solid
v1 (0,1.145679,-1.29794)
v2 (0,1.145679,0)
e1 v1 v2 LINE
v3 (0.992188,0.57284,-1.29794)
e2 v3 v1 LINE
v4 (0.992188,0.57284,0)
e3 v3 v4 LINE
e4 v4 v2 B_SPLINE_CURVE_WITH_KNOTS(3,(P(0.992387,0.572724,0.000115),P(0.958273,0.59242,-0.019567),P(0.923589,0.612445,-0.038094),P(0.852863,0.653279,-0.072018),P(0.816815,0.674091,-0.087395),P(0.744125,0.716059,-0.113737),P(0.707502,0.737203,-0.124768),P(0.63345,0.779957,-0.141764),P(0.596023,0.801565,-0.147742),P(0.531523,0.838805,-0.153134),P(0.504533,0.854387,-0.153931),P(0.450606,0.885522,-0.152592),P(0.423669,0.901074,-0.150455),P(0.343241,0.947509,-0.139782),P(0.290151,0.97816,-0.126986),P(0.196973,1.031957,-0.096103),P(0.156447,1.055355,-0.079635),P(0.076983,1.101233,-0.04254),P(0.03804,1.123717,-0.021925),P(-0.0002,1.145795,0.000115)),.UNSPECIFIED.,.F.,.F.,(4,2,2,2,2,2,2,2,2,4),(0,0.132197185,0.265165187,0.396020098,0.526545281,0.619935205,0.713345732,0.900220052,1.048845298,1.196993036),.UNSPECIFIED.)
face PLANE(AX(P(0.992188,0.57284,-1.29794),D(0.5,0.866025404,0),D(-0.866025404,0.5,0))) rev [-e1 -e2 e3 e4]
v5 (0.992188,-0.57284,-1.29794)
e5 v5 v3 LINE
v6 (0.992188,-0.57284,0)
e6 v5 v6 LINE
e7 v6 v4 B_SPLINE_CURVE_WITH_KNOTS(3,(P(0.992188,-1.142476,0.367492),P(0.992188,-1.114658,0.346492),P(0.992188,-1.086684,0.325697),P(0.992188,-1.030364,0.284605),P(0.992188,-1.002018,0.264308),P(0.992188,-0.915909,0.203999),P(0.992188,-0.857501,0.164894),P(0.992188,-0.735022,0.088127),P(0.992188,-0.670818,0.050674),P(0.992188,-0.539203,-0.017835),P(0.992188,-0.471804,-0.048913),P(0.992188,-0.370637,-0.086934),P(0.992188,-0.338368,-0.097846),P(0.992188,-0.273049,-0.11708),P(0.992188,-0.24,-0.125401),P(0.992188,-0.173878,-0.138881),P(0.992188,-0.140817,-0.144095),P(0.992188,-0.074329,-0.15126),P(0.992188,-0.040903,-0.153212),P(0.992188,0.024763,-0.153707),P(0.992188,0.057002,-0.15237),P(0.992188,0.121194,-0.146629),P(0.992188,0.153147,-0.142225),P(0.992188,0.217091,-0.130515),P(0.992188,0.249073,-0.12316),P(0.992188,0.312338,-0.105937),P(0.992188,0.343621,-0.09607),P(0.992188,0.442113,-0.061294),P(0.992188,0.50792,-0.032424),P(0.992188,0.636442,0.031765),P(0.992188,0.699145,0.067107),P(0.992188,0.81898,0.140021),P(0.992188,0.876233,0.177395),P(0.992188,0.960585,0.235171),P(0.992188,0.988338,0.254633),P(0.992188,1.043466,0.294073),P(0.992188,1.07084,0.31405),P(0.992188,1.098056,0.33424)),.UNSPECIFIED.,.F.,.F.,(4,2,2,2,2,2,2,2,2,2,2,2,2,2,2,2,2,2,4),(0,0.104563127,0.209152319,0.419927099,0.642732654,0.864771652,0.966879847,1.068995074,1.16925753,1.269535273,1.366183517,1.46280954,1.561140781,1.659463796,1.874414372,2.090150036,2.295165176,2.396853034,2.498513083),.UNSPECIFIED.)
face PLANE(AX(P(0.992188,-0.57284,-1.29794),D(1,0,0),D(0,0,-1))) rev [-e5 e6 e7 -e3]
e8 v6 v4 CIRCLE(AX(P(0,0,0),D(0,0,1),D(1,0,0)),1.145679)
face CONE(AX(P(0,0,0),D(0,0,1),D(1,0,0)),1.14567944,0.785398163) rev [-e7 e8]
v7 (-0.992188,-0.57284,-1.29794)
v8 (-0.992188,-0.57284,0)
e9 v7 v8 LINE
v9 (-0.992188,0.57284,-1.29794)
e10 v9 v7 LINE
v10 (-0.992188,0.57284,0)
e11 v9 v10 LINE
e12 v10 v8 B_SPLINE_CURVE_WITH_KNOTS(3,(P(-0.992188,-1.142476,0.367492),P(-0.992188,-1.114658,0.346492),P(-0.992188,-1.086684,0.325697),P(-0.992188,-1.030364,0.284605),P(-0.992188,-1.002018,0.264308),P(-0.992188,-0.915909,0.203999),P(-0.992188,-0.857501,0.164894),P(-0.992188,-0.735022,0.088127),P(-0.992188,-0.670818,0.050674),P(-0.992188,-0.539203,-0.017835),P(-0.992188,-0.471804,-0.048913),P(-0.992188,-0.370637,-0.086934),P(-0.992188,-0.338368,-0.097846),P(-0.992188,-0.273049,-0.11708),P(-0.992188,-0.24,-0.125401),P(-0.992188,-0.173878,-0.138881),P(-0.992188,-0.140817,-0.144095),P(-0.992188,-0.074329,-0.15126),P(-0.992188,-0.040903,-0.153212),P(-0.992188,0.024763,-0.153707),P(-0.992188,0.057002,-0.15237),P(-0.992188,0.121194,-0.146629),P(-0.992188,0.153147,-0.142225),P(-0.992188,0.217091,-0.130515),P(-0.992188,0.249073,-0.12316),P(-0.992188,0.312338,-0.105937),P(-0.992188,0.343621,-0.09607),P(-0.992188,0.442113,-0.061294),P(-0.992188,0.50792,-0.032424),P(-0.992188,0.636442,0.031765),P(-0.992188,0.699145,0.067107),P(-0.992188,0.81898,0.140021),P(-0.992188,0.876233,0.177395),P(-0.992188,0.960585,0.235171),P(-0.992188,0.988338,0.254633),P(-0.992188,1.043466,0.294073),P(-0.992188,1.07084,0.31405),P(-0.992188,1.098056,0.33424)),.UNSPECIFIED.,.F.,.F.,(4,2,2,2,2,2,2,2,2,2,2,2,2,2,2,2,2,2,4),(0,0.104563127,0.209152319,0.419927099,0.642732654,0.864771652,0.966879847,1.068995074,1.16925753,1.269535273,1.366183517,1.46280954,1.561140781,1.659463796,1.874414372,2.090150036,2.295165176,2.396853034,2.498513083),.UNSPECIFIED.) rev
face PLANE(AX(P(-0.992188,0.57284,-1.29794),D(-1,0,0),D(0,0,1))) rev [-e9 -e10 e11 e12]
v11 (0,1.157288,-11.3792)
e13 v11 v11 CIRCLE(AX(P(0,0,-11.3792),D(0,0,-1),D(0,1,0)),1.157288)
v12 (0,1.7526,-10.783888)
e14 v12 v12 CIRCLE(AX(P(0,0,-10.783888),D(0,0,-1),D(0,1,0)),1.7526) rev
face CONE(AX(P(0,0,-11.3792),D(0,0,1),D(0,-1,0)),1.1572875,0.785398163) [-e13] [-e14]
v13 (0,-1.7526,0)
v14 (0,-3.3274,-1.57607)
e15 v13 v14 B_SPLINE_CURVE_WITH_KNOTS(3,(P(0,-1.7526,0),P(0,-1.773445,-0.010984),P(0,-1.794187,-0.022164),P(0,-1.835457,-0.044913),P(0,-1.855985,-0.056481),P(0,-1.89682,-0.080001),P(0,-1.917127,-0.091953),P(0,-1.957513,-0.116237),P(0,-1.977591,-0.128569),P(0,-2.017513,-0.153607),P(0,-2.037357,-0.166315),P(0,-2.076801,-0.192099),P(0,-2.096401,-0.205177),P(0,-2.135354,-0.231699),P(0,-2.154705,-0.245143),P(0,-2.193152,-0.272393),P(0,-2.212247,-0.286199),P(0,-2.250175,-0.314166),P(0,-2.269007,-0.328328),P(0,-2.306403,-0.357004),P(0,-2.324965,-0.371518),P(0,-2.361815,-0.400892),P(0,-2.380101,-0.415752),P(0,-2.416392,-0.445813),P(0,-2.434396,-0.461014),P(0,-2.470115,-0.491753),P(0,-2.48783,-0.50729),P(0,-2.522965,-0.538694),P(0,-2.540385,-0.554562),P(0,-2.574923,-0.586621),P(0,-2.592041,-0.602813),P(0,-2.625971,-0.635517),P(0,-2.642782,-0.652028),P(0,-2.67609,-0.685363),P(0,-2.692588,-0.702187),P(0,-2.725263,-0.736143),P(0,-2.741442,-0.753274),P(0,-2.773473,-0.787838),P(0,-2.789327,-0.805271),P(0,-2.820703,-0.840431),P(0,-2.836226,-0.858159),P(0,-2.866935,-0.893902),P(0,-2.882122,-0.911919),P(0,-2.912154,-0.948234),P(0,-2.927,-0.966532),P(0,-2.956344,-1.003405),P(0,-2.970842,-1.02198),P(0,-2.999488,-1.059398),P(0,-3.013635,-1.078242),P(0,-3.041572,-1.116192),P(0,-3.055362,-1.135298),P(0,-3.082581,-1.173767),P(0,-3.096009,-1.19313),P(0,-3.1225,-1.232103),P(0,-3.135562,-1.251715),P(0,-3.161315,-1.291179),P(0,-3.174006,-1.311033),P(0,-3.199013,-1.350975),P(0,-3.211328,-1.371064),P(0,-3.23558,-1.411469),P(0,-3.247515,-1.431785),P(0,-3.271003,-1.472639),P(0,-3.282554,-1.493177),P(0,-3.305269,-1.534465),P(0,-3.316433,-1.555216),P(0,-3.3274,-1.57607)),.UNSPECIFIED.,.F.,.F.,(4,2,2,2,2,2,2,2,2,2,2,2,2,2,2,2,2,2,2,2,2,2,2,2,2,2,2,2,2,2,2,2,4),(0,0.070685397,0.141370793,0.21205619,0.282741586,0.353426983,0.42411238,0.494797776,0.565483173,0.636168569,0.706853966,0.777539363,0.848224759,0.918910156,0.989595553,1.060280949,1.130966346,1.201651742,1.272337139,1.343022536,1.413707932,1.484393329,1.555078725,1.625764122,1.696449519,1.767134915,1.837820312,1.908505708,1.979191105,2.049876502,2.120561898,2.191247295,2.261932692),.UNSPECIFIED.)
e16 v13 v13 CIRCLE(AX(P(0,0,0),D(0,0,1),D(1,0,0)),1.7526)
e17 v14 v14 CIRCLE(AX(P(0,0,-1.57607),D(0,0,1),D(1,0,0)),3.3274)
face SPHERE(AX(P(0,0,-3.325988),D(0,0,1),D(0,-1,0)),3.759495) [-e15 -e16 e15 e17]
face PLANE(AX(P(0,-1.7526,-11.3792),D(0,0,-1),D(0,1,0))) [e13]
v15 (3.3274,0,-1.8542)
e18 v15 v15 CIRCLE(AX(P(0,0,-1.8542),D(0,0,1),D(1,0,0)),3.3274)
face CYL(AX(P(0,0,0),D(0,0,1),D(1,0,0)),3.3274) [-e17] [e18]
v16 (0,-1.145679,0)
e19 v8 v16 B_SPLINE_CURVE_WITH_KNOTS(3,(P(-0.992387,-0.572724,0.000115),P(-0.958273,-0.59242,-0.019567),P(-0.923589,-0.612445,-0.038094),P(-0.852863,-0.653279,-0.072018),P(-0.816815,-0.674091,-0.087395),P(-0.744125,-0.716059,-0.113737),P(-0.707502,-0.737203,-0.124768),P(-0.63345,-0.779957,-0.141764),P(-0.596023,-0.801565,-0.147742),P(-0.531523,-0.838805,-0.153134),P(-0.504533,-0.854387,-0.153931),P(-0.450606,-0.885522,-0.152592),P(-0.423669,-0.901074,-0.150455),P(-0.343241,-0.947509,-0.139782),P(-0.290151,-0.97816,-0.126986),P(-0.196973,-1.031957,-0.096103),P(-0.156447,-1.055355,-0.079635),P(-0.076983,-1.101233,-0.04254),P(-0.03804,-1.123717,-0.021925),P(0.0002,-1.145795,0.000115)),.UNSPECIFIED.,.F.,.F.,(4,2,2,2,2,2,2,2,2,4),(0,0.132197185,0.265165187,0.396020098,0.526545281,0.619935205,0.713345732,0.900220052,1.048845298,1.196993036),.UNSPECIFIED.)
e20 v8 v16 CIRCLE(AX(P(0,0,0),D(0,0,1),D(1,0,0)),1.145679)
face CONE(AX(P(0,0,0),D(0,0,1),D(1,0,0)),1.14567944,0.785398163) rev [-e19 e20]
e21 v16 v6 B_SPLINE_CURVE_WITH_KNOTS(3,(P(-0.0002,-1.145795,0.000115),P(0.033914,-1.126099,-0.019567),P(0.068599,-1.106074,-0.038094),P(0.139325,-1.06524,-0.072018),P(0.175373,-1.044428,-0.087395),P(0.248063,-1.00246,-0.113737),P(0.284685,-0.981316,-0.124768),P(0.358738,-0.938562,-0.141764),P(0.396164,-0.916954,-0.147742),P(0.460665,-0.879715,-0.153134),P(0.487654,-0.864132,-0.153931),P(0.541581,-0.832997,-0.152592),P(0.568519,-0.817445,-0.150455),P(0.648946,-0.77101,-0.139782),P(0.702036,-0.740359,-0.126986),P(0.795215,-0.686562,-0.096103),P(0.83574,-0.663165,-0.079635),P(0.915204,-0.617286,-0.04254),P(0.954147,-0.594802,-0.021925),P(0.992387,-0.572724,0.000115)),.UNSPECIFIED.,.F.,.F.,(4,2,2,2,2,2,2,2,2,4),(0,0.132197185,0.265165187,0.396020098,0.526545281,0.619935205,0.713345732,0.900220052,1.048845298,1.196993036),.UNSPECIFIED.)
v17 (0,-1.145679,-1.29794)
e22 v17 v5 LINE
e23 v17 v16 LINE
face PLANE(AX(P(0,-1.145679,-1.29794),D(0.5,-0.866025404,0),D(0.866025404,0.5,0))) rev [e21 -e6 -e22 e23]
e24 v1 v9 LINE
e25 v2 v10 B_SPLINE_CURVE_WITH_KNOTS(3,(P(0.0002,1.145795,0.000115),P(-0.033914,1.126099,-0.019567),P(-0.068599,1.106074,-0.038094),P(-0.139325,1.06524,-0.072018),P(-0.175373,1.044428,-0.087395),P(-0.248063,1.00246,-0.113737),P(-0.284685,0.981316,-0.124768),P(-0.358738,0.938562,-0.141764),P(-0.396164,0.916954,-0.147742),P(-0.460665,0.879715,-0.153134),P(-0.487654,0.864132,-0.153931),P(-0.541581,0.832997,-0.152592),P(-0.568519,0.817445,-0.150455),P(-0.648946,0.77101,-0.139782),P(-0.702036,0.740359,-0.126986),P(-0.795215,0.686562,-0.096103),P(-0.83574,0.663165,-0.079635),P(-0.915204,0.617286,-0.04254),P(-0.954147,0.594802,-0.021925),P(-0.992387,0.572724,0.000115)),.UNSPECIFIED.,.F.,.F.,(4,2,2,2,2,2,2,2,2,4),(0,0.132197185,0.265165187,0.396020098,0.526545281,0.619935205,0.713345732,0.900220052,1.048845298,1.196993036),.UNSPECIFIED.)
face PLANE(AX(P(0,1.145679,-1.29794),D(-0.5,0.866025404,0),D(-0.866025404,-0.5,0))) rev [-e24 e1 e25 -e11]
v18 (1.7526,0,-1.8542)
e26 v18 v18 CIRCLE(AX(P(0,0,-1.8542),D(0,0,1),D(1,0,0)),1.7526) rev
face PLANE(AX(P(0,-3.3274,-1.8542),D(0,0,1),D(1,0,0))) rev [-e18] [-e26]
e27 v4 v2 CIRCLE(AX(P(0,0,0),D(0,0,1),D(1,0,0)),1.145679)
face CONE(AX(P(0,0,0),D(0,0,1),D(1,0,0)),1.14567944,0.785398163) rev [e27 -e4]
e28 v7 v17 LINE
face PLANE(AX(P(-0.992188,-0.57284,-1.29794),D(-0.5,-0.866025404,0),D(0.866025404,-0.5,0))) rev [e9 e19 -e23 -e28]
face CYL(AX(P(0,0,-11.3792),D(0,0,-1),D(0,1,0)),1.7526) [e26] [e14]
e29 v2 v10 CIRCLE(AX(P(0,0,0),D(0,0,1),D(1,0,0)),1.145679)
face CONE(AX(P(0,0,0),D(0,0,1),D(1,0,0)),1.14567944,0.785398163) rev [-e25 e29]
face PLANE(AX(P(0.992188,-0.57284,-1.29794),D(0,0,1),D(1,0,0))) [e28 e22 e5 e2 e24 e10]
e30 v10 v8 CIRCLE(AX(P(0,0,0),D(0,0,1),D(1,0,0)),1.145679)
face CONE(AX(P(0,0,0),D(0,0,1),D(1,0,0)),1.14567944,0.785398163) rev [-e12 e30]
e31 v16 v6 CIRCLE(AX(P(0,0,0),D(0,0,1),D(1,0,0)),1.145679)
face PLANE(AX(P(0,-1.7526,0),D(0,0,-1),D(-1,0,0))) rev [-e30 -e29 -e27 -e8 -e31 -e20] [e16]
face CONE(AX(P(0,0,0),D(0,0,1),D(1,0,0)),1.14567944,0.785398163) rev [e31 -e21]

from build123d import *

# Parameters (mm, degrees)
SKETCH1_W          = 9.525
SKETCH1_H          = 1.7526
CHAMFER1_SIZE      = 0.5953125
CUT_EXTRUDE2_DEPTH = 1.29794


with BuildPart() as part:
    # Sketch1 → Revolve1 (revolve)
    with BuildSketch(Plane(origin=(0, 0, 0), x_dir=(0, 0, -1), z_dir=(1, 0, 0))):
        with Locations((6.6167, 0.8763)):
            Rectangle(SKETCH1_W, SKETCH1_H)
    revolve(axis=Axis((0, 0, -11.3792), (0, 0, 1)))

    # Chamfer1
    chamfer1_edges = [part.edges().sort_by_distance(p)[0] for p in [
        (0, -1.7526, -11.3792),
    ]]
    chamfer(chamfer1_edges, length=CHAMFER1_SIZE)

    # Sketch7 → Revolve2 (revolve)
    with BuildSketch(Plane(origin=(0, 0, 0), x_dir=(0, 0, -1), z_dir=(1, 0, 0))):
        with BuildLine():
            Line((1.57607, 3.3274), (1.8542, 3.3274))
            Line((1.8542, 3.3274), (1.8542, 0))
            Line((1.8542, 0), (0, 0))
            Line((0, 0), (0, 1.7526))
            ThreePointArc((0, 1.7526), (0.668695369, 2.659435873), (1.57607, 3.3274))
        make_face()
    revolve(axis=Axis((0, 0, 0), (0, 0, -1)))

    # Sketch5 → Cut-Extrude2 (cut)
    with BuildSketch(Plane.XY):
        Polygon((0.9921875, -0.57283972), (0.9921875, 0.57283972), (0, 1.14567944), (-0.9921875, 0.57283972), (-0.9921875, -0.57283972), (0, -1.14567944), align=None)
    extrude(amount=-CUT_EXTRUDE2_DEPTH, mode=Mode.SUBTRACT)

    # Cut-Extrude3 cone 1 section (through the dimple's axis) → Cut-Extrude3 (revolve, cut)
    with BuildSketch(Plane(origin=(0, 0, 0), x_dir=(0, -1, 0), z_dir=(1, 0, 0))):
        Polygon((0, 0), (1.14567944, 0), (0, 1.14567944), align=None)
    revolve(axis=Axis((0, 0, 0), (0, 0, -1)), mode=Mode.SUBTRACT)


solid = part.part
